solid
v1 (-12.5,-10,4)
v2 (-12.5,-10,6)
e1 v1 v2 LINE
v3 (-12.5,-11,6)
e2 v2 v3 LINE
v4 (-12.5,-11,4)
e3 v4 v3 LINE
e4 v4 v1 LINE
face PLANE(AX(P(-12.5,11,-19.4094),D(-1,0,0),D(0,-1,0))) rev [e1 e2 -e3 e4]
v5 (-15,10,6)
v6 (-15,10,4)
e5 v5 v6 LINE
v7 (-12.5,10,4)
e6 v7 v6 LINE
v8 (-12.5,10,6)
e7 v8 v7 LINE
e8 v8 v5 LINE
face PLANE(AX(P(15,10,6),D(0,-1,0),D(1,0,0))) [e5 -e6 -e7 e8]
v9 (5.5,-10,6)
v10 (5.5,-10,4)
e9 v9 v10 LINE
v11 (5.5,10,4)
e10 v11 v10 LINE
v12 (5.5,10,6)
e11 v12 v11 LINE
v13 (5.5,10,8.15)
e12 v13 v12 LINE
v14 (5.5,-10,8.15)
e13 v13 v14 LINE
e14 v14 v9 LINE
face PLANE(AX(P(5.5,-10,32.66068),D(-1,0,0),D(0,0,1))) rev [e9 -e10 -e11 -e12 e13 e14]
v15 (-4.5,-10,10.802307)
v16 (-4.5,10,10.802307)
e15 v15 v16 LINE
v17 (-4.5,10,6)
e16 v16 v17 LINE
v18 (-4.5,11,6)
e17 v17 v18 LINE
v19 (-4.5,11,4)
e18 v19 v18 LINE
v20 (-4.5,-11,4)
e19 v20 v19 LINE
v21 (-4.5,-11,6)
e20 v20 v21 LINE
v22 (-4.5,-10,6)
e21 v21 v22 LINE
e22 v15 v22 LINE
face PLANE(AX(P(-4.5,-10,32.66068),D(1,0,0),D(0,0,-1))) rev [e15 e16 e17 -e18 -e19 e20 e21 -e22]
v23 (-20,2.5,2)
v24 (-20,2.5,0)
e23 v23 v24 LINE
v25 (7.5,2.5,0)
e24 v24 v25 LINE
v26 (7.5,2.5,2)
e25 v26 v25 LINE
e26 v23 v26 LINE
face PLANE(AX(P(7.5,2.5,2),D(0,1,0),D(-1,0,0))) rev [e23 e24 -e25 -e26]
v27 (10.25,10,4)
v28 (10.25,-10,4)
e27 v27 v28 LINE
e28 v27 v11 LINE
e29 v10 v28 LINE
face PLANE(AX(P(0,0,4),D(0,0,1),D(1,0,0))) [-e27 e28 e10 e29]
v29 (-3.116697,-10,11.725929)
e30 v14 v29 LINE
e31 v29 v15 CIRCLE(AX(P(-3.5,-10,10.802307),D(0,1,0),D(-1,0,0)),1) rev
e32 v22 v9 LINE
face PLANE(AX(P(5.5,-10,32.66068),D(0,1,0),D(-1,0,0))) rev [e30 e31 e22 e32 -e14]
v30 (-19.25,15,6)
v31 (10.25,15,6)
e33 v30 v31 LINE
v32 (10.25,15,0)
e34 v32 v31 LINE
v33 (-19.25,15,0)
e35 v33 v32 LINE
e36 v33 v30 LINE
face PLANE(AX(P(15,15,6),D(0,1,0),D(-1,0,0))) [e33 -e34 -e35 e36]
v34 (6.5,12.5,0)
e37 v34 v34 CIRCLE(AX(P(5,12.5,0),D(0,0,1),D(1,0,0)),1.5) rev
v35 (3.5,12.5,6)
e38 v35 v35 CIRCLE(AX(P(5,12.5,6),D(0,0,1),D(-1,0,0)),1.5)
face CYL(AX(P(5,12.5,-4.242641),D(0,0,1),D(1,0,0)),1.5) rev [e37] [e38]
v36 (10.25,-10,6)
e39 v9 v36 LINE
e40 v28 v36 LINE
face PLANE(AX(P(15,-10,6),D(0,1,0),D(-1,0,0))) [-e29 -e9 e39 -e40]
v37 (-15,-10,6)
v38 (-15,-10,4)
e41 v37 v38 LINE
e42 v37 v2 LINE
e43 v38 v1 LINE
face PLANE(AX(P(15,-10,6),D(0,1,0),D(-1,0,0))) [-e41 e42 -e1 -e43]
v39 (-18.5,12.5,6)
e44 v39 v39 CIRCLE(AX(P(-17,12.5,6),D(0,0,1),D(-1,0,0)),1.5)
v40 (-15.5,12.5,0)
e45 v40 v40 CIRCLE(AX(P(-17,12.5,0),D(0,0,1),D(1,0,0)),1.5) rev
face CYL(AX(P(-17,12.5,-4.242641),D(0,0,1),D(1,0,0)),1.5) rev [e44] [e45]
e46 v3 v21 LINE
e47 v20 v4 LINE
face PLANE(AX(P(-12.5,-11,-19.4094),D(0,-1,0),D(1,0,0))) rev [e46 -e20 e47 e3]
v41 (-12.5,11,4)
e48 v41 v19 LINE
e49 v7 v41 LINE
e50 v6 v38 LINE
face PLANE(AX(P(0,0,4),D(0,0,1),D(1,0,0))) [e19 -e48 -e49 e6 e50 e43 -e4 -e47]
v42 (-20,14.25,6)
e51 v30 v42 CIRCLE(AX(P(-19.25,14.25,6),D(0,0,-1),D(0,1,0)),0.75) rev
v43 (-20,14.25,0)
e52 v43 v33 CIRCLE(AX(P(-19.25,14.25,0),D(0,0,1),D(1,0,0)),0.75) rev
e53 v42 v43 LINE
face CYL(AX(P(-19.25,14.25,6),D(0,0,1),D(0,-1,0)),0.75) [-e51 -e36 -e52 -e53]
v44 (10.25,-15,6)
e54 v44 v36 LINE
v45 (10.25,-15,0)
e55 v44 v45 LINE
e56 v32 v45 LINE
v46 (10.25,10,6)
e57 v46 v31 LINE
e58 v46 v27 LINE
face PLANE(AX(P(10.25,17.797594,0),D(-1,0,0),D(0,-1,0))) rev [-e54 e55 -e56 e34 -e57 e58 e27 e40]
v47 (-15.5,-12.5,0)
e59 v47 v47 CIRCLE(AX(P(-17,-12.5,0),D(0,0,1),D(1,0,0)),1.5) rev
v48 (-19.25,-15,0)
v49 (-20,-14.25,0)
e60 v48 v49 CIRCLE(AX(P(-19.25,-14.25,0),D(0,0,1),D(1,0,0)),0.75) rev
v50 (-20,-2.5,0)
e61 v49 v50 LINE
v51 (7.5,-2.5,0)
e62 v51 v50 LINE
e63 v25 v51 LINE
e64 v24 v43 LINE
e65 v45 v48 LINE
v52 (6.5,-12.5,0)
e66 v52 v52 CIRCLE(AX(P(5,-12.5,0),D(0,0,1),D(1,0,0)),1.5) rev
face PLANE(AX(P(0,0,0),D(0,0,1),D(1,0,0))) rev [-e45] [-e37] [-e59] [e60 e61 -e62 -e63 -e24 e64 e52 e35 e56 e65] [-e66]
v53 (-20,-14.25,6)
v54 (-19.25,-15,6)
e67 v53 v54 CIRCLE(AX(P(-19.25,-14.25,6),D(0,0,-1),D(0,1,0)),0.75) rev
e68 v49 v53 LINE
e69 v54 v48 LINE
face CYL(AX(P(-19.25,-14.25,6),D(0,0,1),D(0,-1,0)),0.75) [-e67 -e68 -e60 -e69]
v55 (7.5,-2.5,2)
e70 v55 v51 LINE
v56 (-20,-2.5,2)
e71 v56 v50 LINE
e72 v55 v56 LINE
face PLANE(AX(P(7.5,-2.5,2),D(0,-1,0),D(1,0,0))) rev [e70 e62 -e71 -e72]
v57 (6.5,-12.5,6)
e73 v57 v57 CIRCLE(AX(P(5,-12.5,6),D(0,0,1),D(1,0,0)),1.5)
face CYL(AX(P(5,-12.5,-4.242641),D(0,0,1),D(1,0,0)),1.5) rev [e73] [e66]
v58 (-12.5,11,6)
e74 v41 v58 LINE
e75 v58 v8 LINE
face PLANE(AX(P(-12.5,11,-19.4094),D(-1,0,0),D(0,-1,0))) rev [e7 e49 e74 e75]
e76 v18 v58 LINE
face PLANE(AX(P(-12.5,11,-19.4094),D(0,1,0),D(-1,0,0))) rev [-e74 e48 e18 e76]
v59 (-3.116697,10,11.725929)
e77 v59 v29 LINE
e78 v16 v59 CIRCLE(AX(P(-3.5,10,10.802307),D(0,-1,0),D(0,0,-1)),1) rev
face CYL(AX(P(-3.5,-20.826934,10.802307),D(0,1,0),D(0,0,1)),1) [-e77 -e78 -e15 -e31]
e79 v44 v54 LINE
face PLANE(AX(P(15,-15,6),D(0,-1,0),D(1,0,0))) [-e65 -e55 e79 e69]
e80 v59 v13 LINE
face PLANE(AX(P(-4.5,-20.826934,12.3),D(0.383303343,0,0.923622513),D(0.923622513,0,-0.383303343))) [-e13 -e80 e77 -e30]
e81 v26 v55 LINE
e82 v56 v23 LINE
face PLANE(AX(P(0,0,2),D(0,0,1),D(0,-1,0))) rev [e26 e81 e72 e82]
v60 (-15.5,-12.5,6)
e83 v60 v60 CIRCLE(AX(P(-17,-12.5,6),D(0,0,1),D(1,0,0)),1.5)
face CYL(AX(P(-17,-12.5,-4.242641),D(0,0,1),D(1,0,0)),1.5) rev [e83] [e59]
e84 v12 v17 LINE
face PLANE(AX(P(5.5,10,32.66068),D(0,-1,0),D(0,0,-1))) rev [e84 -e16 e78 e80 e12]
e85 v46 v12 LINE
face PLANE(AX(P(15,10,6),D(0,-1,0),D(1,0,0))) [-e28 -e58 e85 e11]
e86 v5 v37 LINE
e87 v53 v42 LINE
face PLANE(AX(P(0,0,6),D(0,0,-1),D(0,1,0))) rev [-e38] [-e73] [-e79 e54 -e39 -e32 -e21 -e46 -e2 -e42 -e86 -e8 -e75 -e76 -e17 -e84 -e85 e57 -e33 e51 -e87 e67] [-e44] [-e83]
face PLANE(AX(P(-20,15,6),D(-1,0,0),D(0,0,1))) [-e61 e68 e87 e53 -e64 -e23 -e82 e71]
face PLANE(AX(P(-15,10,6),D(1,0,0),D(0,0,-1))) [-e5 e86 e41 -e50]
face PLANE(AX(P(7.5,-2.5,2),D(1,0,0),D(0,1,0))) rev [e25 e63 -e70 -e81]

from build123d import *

# Parameters (mm, degrees)
SKETCH1_W                = 30
SKETCH1_H                = 20
BASE_PLATE_DEPTH         = 1
SIDE_WALLS_DEPTH         = 6
SKETCH3_W                = 10
SKETCH3_H                = 20
SWITCH_BLOCK_DEPTH       = 7.15
SKETCH11_W               = 10.5
SKETCH11_H               = 20
SKETCH11_W_2             = 9.5
THICKER_BODY_DEPTH       = 3
SWITCH_BLOCK_ANGLE_DEPTH = 20
SKETCH4_R                = 1.5
M2_SCREWS_DEPTH          = 6
FILLET1_R                = 1
FILLET2_R                = 0.5
FILLET3_R                = 0.5
FILLET4_R                = 0.75
FILLET5_R                = 0.75
SKETCH19_W               = 8
SKETCH19_H               = 22
SPACE_FOR_LEAVER_DEPTH   = 2
SKETCH20_W               = 27.5
SKETCH20_H               = 5
CUT_EXTRUDE1_DEPTH       = 2
CUT_EXTRUDE2_DEPTH       = 26.709920264
CUT_EXTRUDE2_DEPTH_BACK  = 26.709920264
SKETCH21_W               = 19.855195983
SKETCH21_H               = 41.088440975


with BuildPart() as part:
    # Sketch1 → Base Plate (new body)
    with BuildSketch(Plane.XY):
        Rectangle(SKETCH1_W, SKETCH1_H)
    extrude(amount=BASE_PLATE_DEPTH)

    # Sketch2 → Side Walls (add)
    with BuildSketch(Plane(origin=(0, 0, 0), x_dir=(1, 0, 0), z_dir=(0, 0, -1))):
        Polygon((15, 10), (-15, 10), (-15, -10), (15, -10), (15, -15), (-20, -15), (-20, 15), (15, 15), align=None)
    extrude(amount=-SIDE_WALLS_DEPTH)

    # Sketch3 → Switch Block (add)
    with BuildSketch(Plane.XY.offset(1)):
        with Locations((0.5, 0)):
            Rectangle(SKETCH3_W, SKETCH3_H)
    extrude(amount=SWITCH_BLOCK_DEPTH)

    # Sketch11 → Thicker Body (add)
    with BuildSketch(Plane.XY.offset(1)):
        with Locations((-9.75, 0)):
            Rectangle(SKETCH11_W, SKETCH11_H)
        with Locations((10.25, 0)):
            Rectangle(SKETCH11_W_2, SKETCH11_H)
    extrude(amount=THICKER_BODY_DEPTH)

    # Sketch5 → Switch Block Angle (add)
    with BuildSketch(Plane(origin=(0, 10, 0), x_dir=(-1, 0, 0), z_dir=(0, 1, 0))):
        Polygon((4.5, 8.15), (4.5, 12.3), (-5.5, 8.15), align=None)
    extrude(amount=-SWITCH_BLOCK_ANGLE_DEPTH)

    # Sketch4 → M2 Screws (cut)
    with BuildSketch(Plane.XY.offset(6)):
        with Locations((-17, -12.5)):
            Circle(SKETCH4_R)
        with Locations((5, -12.5)):
            Circle(SKETCH4_R)
        with Locations((5, 12.5)):
            Circle(SKETCH4_R)
        with Locations((-17, 12.5)):
            Circle(SKETCH4_R)
    extrude(amount=-M2_SCREWS_DEPTH, mode=Mode.SUBTRACT)

    # Fillet1
    fillet1_edges = [part.edges().sort_by_distance(p)[0] for p in [
        (-4.5, 0, 12.3),
    ]]
    fillet(fillet1_edges, radius=FILLET1_R)

    # Fillet2
    fillet2_edges = [part.edges().sort_by_distance(p)[0] for p in [
        (15, -15, 3),
    ]]
    fillet(fillet2_edges, radius=FILLET2_R)

    # Fillet3
    fillet3_edges = [part.edges().sort_by_distance(p)[0] for p in [
        (15, 15, 3),
    ]]
    fillet(fillet3_edges, radius=FILLET3_R)

    # Fillet4
    fillet4_edges = [part.edges().sort_by_distance(p)[0] for p in [
        (-20, 15, 3),
    ]]
    fillet(fillet4_edges, radius=FILLET4_R)

    # Fillet5
    fillet5_edges = [part.edges().sort_by_distance(p)[0] for p in [
        (-20, -15, 3),
    ]]
    fillet(fillet5_edges, radius=FILLET5_R)

    # Sketch19 → Space for LEaver (cut)
    with BuildSketch(Plane.XY.offset(6)):
        with Locations((-8.5, 0)):
            Rectangle(SKETCH19_W, SKETCH19_H)
    extrude(amount=-SPACE_FOR_LEAVER_DEPTH, mode=Mode.SUBTRACT)

    # Sketch20 → Cut-Extrude1 (cut)
    with BuildSketch(Plane(origin=(0, 0, 0), x_dir=(1, 0, 0), z_dir=(0, 0, -1))):
        with Locations((-6.25, 0)):
            Rectangle(SKETCH20_W, SKETCH20_H)
    extrude(amount=-CUT_EXTRUDE1_DEPTH, mode=Mode.SUBTRACT)

    # Sketch21 → Cut-Extrude2 (cut, two sides: drawn at the far end of the back side and taken through both)
    with BuildSketch(Plane.XY.offset(6).offset(-CUT_EXTRUDE2_DEPTH_BACK)):
        with Locations((20.177597992, -2.746626802)):
            Rectangle(SKETCH21_W, SKETCH21_H)
    extrude(amount=CUT_EXTRUDE2_DEPTH + CUT_EXTRUDE2_DEPTH_BACK, mode=Mode.SUBTRACT)


solid = part.part
